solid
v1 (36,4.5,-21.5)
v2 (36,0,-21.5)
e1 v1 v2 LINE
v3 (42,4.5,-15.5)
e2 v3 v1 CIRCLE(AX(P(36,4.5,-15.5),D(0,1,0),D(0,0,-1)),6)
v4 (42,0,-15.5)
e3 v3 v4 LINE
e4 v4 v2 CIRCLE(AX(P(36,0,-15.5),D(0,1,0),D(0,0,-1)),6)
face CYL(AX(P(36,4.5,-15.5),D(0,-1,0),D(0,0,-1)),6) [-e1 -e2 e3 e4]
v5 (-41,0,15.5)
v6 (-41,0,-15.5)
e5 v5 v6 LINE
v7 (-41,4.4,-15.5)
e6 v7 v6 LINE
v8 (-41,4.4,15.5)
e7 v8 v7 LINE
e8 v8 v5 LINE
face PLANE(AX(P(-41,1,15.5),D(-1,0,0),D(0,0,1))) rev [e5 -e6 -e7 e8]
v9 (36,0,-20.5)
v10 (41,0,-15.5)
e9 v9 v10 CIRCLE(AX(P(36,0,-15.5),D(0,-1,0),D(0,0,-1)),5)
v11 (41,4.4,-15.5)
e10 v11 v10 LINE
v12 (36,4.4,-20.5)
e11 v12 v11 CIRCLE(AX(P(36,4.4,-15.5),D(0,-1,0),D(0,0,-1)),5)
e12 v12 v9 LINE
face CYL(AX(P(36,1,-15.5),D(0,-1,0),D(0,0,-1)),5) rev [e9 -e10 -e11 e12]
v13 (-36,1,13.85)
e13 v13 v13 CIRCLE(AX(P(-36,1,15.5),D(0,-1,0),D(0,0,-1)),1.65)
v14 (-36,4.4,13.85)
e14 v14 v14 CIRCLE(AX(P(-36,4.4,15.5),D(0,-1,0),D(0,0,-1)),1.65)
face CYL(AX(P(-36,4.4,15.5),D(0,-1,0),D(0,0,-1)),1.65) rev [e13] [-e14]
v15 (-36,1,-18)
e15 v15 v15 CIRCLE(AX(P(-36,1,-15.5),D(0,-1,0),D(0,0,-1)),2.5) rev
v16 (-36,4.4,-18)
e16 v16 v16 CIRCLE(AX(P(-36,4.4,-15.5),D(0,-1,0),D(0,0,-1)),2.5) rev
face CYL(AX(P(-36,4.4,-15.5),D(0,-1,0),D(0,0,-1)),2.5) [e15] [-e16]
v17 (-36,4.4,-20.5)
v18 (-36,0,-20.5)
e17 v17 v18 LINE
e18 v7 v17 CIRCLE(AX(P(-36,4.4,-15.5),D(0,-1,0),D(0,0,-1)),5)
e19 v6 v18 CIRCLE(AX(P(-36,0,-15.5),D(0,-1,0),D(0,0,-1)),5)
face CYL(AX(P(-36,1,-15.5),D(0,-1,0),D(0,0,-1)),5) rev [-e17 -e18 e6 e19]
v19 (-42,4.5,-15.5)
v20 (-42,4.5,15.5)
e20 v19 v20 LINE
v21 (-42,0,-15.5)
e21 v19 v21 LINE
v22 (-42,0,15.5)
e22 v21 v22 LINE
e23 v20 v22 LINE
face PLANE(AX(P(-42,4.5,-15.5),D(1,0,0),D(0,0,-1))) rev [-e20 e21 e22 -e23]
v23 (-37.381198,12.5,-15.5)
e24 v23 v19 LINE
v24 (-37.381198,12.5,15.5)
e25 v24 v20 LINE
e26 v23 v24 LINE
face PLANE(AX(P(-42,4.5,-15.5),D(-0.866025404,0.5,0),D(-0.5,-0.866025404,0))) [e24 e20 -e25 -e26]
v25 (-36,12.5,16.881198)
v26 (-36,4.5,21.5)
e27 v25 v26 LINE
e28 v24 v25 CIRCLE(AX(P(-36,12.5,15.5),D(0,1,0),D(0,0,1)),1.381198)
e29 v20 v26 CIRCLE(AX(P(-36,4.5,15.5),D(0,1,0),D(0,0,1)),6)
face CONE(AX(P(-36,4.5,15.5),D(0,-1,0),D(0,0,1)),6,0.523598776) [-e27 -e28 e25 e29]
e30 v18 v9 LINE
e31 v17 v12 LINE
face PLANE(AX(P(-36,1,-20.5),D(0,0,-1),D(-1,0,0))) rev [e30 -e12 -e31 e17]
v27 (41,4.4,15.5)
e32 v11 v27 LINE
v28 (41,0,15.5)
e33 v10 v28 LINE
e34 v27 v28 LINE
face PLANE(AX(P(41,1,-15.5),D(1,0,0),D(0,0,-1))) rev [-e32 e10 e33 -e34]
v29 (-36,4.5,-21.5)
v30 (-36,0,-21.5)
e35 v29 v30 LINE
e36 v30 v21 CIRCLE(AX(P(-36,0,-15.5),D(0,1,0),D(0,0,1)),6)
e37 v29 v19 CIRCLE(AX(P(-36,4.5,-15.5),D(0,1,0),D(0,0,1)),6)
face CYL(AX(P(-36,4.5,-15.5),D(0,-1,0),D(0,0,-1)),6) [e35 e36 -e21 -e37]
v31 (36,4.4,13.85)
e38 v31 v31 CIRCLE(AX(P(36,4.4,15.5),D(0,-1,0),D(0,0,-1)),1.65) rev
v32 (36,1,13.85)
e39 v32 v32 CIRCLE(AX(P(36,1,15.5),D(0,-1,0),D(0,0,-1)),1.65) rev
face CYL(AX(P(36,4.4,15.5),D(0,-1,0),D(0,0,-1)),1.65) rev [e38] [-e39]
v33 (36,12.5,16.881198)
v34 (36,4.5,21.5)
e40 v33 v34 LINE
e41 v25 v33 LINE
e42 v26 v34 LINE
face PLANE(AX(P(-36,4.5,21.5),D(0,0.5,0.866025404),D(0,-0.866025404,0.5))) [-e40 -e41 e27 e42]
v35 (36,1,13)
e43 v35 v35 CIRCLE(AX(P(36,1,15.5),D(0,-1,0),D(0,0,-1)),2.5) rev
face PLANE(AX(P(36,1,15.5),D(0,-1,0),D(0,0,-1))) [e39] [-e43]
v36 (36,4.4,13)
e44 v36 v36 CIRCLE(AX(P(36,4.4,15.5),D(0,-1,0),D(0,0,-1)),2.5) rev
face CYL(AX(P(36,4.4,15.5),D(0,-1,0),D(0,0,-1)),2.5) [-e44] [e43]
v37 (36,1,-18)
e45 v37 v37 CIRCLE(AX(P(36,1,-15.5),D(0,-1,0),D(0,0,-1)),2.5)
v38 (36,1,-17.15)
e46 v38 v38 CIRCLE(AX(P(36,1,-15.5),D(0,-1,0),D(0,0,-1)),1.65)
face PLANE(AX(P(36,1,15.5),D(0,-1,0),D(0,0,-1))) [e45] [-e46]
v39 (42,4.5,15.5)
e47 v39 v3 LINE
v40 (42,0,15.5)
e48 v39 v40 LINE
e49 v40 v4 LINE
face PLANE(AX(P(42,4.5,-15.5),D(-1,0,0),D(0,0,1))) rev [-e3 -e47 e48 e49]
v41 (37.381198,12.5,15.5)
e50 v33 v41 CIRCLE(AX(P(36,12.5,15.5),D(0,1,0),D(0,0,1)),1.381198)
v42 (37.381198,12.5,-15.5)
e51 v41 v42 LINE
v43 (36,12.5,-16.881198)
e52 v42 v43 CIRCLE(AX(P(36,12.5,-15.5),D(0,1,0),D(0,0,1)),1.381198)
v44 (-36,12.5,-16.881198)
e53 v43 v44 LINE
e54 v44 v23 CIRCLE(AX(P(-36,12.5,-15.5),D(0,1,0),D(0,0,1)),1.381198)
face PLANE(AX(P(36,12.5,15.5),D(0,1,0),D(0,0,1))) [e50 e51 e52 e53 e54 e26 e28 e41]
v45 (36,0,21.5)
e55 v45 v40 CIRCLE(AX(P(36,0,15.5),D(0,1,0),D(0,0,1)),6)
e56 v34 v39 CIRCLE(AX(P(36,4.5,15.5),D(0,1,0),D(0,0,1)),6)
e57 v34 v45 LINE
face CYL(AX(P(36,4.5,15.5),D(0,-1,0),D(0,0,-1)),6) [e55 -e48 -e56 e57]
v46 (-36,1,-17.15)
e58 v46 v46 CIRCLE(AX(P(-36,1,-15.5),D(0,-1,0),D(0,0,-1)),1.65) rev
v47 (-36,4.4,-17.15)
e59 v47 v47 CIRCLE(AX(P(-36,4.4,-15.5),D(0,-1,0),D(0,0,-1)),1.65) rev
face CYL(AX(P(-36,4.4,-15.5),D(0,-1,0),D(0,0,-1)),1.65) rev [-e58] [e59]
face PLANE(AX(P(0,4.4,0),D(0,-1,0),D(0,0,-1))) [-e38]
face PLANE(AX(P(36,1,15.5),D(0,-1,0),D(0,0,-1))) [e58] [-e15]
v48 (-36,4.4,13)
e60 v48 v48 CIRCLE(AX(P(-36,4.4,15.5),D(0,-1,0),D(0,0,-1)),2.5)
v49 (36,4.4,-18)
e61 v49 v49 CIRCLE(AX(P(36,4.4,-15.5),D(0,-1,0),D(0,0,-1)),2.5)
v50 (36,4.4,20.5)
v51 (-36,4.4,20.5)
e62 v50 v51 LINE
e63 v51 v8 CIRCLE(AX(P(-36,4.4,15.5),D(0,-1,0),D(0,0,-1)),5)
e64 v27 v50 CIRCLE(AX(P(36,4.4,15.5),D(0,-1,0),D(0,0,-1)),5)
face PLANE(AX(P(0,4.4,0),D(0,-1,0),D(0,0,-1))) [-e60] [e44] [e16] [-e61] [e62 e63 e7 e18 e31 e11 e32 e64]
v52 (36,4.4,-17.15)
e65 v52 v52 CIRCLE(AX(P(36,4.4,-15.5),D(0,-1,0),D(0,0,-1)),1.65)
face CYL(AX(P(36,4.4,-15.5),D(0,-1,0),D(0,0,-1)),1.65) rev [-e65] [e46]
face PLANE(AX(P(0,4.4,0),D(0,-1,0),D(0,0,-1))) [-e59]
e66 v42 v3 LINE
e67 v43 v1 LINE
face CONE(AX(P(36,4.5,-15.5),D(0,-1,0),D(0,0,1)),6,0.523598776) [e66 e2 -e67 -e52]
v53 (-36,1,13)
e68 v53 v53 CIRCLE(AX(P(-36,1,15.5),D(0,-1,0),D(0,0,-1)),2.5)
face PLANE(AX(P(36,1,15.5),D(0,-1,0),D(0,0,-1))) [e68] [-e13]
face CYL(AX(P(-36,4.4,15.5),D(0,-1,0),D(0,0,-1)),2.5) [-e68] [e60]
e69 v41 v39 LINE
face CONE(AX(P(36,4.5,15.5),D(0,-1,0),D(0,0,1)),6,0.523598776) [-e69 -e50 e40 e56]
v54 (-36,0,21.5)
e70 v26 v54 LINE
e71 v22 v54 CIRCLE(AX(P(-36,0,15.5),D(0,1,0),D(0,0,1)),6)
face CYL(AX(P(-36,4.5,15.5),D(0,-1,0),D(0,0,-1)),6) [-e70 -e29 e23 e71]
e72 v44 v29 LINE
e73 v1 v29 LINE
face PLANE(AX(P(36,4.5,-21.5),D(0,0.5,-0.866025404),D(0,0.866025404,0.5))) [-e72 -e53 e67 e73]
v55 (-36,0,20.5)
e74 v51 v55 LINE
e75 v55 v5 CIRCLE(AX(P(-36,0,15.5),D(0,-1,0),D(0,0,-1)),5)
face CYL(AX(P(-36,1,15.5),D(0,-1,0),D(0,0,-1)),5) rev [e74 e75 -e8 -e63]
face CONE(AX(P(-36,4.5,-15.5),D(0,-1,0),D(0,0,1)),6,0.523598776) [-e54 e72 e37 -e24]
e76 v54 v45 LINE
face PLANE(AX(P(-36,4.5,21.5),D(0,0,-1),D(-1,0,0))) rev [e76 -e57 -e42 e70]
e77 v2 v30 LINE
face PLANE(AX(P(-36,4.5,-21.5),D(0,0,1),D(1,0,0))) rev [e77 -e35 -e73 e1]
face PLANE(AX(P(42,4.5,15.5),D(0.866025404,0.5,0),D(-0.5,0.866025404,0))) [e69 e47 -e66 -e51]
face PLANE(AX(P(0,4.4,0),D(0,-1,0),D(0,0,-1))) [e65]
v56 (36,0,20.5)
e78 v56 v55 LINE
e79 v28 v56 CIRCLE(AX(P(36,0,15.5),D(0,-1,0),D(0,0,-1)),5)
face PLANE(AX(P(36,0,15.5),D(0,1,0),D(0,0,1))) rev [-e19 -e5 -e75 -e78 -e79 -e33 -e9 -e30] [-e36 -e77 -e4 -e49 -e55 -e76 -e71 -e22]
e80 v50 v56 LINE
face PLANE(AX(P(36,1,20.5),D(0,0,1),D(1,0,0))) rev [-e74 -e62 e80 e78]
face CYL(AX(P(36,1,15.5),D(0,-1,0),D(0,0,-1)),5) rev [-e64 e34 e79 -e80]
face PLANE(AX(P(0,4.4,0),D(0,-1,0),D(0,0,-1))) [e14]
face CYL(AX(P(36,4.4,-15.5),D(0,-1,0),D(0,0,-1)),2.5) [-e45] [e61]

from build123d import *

# Parameters (mm, degrees)
EXTRUDE_1_DEPTH     = 4.5
CUT_EXTRUDE_1_DEPTH = 1
SKETCH_3_R          = 2.5
SKETCH_3_R_2        = 1.65
CUT_EXTRUDE_2_DEPTH = 3.4
EXTRUDE_2_DEPTH     = 8
EXTRUDE_2_TAPER     = 30


with BuildPart() as part:
    # 草图1 → 凸台-拉伸1 (new body)
    with BuildSketch(Plane(origin=(0, 0, 0), x_dir=(1, 0, 0), z_dir=(0, 1, 0))):
        with BuildLine():
            Line((-36, 21.5), (36, 21.5))
            ThreePointArc((36, 21.5), (40.242640687, 19.742640687), (42, 15.5))
            Line((42, 15.5), (42, -15.5))
            ThreePointArc((42, -15.5), (40.242640687, -19.742640687), (36, -21.5))
            Line((36, -21.5), (-36, -21.5))
            ThreePointArc((-36, -21.5), (-40.242640687, -19.742640687), (-42, -15.5))
            Line((-42, -15.5), (-42, 15.5))
            ThreePointArc((-42, 15.5), (-40.242640687, 19.742640687), (-36, 21.5))
        make_face()
    extrude(amount=EXTRUDE_1_DEPTH)

    # 草图2 → 切除-拉伸1 (cut)
    with BuildSketch(Plane.XZ):
        with BuildLine():
            Line((36, 20.5), (-36, 20.5))
            ThreePointArc((-36, 20.5), (-39.535533906, 19.035533906), (-41, 15.5))
            Line((-41, 15.5), (-41, -15.5))
            ThreePointArc((-41, -15.5), (-39.535533906, -19.035533906), (-36, -20.5))
            Line((-36, -20.5), (36, -20.5))
            ThreePointArc((36, -20.5), (39.535533906, -19.035533906), (41, -15.5))
            Line((41, -15.5), (41, 15.5))
            ThreePointArc((41, 15.5), (39.535533906, 19.035533906), (36, 20.5))
        make_face()
    extrude(amount=-CUT_EXTRUDE_1_DEPTH, mode=Mode.SUBTRACT)

    # 草图3 → 切除-拉伸2 (cut)
    # profile 1 of 5: a face of its own
    with BuildSketch(Plane(origin=(0, 1, 0), x_dir=(-1, 0, 0), z_dir=(0, -1, 0))):
        with BuildLine():
            Line((-41, 15.5), (-41, -15.5))
            ThreePointArc((-41, -15.5), (-39.535533906, -19.035533906), (-36, -20.5))
            Line((-36, -20.5), (36, -20.5))
            ThreePointArc((36, -20.5), (39.535533906, -19.035533906), (41, -15.5))
            Line((41, -15.5), (41, 15.5))
            ThreePointArc((41, 15.5), (39.535533906, 19.035533906), (36, 20.5))
            Line((36, 20.5), (-36, 20.5))
            ThreePointArc((-36, 20.5), (-39.535533906, 19.035533906), (-41, 15.5))
        make_face()
        with Locations(Location((36, 15.5, 0), (0, 0, 90))):
            Circle(SKETCH_3_R, mode=Mode.SUBTRACT)
        with Locations(Location((36, -15.5, 0), (0, 0, 90))):
            Circle(SKETCH_3_R, mode=Mode.SUBTRACT)
        with Locations(Location((-36, 15.5, 0), (0, 0, 90))):
            Circle(SKETCH_3_R, mode=Mode.SUBTRACT)
        with Locations(Location((-36, -15.5, 0), (0, 0, 90))):
            Circle(SKETCH_3_R, mode=Mode.SUBTRACT)
    # profile 2 of 5: a face of its own
    with BuildSketch(Plane(origin=(0, 1, 0), x_dir=(-1, 0, 0), z_dir=(0, -1, 0))):
        with Locations(Location((36, 15.5, 0), (0, 0, 90))):
            Circle(SKETCH_3_R_2)
    # profile 3 of 5: a face of its own
    with BuildSketch(Plane(origin=(0, 1, 0), x_dir=(-1, 0, 0), z_dir=(0, -1, 0))):
        with Locations(Location((36, -15.5, 0), (0, 0, 90))):
            Circle(SKETCH_3_R_2)
    # profile 4 of 5: a face of its own
    with BuildSketch(Plane(origin=(0, 1, 0), x_dir=(-1, 0, 0), z_dir=(0, -1, 0))):
        with Locations(Location((-36, -15.5, 0), (0, 0, 90))):
            Circle(SKETCH_3_R_2)
    # profile 5 of 5: a face of its own
    with BuildSketch(Plane(origin=(0, 1, 0), x_dir=(-1, 0, 0), z_dir=(0, -1, 0))):
        with Locations(Location((-36, 15.5, 0), (0, 0, 90))):
            Circle(SKETCH_3_R_2)
    extrude(amount=-CUT_EXTRUDE_2_DEPTH, mode=Mode.SUBTRACT)

    # 草图5 → 凸台-拉伸2 (add)
    with BuildSketch(Plane(origin=(0, 4.5, 0), x_dir=(1, 0, 0), z_dir=(0, 1, 0))):
        with BuildLine():
            Line((42, -15.5), (42, 15.5))
            ThreePointArc((42, 15.5), (40.242640687, 19.742640687), (36, 21.5))
            Line((36, 21.5), (-36, 21.5))
            ThreePointArc((-36, 21.5), (-40.242640687, 19.742640687), (-42, 15.5))
            Line((-42, 15.5), (-42, -15.5))
            ThreePointArc((-42, -15.5), (-40.242640687, -19.742640687), (-36, -21.5))
            Line((-36, -21.5), (36, -21.5))
            ThreePointArc((36, -21.5), (40.242640687, -19.742640687), (42, -15.5))
        make_face()
    extrude(amount=EXTRUDE_2_DEPTH, taper=EXTRUDE_2_TAPER)


solid = part.part
